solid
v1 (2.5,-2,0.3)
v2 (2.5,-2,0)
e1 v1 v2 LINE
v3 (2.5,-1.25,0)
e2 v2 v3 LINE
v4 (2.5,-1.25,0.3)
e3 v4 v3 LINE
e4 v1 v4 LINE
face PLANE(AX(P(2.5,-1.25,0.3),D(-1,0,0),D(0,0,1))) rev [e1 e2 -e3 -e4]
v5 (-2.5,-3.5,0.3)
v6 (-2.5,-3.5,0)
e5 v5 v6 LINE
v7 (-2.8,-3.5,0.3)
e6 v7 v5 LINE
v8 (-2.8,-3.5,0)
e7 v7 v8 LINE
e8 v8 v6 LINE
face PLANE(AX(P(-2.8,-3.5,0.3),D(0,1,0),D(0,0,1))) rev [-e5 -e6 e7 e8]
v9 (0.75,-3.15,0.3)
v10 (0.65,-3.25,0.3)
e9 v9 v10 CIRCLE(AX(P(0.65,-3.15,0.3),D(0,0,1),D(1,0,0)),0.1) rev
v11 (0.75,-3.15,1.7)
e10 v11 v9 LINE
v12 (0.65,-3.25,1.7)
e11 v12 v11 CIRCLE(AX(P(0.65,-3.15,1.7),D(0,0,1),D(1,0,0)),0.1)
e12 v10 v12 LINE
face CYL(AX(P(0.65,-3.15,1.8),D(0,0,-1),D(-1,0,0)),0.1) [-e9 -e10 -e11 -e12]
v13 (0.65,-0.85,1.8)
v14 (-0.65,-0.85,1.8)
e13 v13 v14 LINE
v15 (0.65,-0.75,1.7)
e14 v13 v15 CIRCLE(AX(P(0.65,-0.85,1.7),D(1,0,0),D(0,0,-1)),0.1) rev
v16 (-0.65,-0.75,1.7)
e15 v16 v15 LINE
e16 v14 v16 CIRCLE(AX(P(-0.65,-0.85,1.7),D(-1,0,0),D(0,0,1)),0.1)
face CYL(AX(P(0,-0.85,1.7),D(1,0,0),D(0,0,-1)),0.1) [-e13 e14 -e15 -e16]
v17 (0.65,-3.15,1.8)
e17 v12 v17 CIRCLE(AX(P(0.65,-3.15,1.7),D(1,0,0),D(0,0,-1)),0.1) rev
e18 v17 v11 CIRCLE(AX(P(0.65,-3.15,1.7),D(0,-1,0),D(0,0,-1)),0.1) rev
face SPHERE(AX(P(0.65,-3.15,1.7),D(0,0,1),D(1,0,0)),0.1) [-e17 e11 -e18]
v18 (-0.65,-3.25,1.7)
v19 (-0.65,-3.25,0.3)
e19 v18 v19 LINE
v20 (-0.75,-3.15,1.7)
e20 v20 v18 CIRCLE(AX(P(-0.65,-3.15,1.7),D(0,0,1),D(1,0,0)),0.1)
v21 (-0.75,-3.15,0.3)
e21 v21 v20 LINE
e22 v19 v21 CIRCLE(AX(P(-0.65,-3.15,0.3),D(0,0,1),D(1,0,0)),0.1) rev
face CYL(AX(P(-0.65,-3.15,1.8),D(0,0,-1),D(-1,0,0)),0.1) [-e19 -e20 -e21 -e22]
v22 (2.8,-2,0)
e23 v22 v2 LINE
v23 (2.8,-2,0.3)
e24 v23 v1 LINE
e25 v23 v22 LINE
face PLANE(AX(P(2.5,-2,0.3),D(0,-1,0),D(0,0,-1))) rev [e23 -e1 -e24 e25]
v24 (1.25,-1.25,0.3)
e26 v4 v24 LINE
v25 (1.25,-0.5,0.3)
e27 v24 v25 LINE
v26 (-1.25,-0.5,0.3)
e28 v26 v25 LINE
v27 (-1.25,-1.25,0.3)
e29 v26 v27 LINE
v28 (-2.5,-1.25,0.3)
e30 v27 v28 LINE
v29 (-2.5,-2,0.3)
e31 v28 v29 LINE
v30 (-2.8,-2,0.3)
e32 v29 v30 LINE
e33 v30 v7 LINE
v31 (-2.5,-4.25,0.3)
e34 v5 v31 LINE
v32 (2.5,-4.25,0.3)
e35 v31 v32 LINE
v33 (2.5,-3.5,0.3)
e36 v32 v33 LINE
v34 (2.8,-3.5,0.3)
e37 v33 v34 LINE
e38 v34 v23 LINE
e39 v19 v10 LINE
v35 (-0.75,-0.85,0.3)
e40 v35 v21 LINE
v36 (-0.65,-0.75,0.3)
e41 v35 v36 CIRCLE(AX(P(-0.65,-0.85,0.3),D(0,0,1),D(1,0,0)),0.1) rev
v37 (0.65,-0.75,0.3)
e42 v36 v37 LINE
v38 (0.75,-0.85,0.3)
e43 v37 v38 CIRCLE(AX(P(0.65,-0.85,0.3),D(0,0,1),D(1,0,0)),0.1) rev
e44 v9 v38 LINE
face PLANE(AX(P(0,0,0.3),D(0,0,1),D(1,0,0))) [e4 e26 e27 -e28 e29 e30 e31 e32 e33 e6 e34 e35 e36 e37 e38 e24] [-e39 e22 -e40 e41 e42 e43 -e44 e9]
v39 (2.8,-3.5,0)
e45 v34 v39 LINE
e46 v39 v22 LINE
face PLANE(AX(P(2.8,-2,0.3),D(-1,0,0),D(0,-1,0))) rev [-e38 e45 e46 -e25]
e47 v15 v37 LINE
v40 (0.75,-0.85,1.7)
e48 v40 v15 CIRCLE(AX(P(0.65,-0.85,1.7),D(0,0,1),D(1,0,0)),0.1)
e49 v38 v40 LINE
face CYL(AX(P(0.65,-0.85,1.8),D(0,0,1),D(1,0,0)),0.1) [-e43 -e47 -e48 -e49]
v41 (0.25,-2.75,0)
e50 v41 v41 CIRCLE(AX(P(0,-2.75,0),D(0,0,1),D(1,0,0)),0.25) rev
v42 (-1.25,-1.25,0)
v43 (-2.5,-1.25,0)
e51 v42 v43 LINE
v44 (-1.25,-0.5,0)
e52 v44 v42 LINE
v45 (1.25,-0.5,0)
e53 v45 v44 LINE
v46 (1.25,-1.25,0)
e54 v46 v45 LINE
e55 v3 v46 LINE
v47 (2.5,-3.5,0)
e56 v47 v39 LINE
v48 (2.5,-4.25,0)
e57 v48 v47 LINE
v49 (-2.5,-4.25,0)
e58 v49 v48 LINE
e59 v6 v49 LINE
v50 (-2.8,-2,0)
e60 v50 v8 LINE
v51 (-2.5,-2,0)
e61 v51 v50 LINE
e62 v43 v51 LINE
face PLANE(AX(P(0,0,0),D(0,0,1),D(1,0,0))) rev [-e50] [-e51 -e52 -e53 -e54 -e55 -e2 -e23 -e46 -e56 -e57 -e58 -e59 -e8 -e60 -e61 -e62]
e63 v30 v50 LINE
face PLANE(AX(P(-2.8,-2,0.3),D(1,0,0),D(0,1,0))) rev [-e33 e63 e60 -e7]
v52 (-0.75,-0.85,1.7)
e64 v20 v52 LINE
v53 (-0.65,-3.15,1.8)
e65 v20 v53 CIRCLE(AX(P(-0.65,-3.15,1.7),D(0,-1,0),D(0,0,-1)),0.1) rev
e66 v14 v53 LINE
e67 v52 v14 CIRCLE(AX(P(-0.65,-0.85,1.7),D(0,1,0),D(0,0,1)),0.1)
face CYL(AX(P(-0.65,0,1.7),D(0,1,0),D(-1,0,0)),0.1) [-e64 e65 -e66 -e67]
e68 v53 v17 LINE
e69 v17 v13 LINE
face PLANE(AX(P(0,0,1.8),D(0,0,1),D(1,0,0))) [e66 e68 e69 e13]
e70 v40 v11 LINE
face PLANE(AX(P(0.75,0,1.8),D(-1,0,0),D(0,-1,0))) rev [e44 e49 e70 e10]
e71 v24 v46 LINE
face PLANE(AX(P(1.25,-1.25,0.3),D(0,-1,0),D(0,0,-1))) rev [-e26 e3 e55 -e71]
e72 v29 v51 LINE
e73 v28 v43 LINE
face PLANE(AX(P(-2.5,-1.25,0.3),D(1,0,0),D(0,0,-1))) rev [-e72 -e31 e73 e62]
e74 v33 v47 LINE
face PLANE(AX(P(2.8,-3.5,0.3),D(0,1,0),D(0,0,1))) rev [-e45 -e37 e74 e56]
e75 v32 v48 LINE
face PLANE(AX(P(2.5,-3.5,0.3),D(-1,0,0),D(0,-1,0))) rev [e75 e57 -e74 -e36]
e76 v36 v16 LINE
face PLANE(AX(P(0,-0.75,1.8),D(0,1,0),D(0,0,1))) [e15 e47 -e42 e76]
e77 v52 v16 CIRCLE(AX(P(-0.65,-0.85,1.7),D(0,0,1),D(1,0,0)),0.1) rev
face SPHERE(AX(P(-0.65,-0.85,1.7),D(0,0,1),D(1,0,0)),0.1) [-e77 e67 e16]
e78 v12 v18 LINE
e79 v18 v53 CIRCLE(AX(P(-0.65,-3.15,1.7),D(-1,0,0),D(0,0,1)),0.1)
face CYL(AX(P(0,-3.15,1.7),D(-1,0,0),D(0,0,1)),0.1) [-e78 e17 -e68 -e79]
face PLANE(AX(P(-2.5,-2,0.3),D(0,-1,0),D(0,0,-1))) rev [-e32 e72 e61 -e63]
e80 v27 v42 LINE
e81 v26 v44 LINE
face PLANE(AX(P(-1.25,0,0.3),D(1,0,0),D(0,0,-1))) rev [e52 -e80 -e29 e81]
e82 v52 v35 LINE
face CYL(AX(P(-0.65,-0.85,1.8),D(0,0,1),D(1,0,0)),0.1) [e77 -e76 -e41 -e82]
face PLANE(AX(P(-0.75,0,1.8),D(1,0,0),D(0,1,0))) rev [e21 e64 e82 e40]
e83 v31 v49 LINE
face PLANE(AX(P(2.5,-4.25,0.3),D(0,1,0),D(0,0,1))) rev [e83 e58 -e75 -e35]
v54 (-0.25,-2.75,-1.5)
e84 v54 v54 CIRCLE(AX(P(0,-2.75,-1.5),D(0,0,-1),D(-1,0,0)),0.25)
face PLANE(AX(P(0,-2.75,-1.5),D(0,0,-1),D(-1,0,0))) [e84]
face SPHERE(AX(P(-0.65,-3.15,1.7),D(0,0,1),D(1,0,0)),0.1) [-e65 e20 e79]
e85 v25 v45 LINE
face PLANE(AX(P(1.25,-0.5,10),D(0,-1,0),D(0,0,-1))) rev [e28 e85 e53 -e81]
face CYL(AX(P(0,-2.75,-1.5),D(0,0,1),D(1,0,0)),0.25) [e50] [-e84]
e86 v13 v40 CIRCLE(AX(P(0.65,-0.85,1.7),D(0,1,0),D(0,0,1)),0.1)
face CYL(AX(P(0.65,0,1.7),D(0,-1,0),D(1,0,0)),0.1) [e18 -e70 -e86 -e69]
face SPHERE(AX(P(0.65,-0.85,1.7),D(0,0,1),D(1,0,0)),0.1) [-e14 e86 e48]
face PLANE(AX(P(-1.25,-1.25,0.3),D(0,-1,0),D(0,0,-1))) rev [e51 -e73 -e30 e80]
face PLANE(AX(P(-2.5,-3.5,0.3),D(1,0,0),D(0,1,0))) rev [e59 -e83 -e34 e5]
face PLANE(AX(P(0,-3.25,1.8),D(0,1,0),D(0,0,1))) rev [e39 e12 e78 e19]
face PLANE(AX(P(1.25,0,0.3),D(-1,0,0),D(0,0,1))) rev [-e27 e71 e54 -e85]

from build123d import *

# Parameters (mm, degrees)
BOSS_EXTRUDE1_DEPTH = 0.3
BOSS_EXTRUDE2_DEPTH = 1.5
FILLET1_R           = 0.1
SKETCH4_R           = 0.25
BOSS_EXTRUDE3_DEPTH = 1.5
SKETCH5_W           = 2.5
SKETCH5_H           = 0.5
CUT_EXTRUDE1_DEPTH  = 10


with BuildPart() as part:
    # Sketch2 → Boss-Extrude1 (new body)
    with BuildSketch(Plane.XY):
        Polygon((-1.25, 0), (1.25, 0), (1.25, -1.25), (2.5, -1.25), (2.5, -2), (2.8, -2), (2.8, -3.5), (2.5, -3.5), (2.5, -4.25), (-2.5, -4.25), (-2.5, -3.5), (-2.8, -3.5), (-2.8, -2), (-2.5, -2), (-2.5, -1.25), (-1.25, -1.25), align=None)
    extrude(amount=BOSS_EXTRUDE1_DEPTH)

    # Sketch3 → Boss-Extrude2 (add)
    with BuildSketch(Plane.XY.offset(0.3)):
        Polygon((-0.75, -3.25), (0.75, -3.25), (0.75, -0.75), (0, -0.75), (-0.75, -0.75), align=None)
    extrude(amount=BOSS_EXTRUDE2_DEPTH)

    # Fillet1
    fillet1_edges = [part.edges().sort_by_distance(p)[0] for p in [
        (-0.75, -3.25, 1.05),
        (0.75, -3.25, 1.05),
        (0, -0.75, 1.8),
        (0.75, -0.75, 1.05),
        (-0.75, -0.75, 1.05),
        (0, -3.25, 1.8),
        (0.75, -2, 1.8),
        (-0.75, -2, 1.8),
    ]]
    fillet(fillet1_edges, radius=FILLET1_R)

    # Sketch4 → Boss-Extrude3 (add)
    with BuildSketch(Plane(origin=(0, 0, 0), x_dir=(-1, 0, 0), z_dir=(0, 0, -1))):
        with Locations(Location((0, -2.75, 0), (0, 0, 180))):
            Circle(SKETCH4_R)
    extrude(amount=BOSS_EXTRUDE3_DEPTH)

    # Sketch5 → Cut-Extrude1 (cut)
    with BuildSketch(Plane(origin=(0, 0, 0), x_dir=(-1, 0, 0), z_dir=(0, 0, -1))):
        with Locations((0, -0.25)):
            Rectangle(SKETCH5_W, SKETCH5_H)
    extrude(amount=-CUT_EXTRUDE1_DEPTH, mode=Mode.SUBTRACT)


solid = part.part
